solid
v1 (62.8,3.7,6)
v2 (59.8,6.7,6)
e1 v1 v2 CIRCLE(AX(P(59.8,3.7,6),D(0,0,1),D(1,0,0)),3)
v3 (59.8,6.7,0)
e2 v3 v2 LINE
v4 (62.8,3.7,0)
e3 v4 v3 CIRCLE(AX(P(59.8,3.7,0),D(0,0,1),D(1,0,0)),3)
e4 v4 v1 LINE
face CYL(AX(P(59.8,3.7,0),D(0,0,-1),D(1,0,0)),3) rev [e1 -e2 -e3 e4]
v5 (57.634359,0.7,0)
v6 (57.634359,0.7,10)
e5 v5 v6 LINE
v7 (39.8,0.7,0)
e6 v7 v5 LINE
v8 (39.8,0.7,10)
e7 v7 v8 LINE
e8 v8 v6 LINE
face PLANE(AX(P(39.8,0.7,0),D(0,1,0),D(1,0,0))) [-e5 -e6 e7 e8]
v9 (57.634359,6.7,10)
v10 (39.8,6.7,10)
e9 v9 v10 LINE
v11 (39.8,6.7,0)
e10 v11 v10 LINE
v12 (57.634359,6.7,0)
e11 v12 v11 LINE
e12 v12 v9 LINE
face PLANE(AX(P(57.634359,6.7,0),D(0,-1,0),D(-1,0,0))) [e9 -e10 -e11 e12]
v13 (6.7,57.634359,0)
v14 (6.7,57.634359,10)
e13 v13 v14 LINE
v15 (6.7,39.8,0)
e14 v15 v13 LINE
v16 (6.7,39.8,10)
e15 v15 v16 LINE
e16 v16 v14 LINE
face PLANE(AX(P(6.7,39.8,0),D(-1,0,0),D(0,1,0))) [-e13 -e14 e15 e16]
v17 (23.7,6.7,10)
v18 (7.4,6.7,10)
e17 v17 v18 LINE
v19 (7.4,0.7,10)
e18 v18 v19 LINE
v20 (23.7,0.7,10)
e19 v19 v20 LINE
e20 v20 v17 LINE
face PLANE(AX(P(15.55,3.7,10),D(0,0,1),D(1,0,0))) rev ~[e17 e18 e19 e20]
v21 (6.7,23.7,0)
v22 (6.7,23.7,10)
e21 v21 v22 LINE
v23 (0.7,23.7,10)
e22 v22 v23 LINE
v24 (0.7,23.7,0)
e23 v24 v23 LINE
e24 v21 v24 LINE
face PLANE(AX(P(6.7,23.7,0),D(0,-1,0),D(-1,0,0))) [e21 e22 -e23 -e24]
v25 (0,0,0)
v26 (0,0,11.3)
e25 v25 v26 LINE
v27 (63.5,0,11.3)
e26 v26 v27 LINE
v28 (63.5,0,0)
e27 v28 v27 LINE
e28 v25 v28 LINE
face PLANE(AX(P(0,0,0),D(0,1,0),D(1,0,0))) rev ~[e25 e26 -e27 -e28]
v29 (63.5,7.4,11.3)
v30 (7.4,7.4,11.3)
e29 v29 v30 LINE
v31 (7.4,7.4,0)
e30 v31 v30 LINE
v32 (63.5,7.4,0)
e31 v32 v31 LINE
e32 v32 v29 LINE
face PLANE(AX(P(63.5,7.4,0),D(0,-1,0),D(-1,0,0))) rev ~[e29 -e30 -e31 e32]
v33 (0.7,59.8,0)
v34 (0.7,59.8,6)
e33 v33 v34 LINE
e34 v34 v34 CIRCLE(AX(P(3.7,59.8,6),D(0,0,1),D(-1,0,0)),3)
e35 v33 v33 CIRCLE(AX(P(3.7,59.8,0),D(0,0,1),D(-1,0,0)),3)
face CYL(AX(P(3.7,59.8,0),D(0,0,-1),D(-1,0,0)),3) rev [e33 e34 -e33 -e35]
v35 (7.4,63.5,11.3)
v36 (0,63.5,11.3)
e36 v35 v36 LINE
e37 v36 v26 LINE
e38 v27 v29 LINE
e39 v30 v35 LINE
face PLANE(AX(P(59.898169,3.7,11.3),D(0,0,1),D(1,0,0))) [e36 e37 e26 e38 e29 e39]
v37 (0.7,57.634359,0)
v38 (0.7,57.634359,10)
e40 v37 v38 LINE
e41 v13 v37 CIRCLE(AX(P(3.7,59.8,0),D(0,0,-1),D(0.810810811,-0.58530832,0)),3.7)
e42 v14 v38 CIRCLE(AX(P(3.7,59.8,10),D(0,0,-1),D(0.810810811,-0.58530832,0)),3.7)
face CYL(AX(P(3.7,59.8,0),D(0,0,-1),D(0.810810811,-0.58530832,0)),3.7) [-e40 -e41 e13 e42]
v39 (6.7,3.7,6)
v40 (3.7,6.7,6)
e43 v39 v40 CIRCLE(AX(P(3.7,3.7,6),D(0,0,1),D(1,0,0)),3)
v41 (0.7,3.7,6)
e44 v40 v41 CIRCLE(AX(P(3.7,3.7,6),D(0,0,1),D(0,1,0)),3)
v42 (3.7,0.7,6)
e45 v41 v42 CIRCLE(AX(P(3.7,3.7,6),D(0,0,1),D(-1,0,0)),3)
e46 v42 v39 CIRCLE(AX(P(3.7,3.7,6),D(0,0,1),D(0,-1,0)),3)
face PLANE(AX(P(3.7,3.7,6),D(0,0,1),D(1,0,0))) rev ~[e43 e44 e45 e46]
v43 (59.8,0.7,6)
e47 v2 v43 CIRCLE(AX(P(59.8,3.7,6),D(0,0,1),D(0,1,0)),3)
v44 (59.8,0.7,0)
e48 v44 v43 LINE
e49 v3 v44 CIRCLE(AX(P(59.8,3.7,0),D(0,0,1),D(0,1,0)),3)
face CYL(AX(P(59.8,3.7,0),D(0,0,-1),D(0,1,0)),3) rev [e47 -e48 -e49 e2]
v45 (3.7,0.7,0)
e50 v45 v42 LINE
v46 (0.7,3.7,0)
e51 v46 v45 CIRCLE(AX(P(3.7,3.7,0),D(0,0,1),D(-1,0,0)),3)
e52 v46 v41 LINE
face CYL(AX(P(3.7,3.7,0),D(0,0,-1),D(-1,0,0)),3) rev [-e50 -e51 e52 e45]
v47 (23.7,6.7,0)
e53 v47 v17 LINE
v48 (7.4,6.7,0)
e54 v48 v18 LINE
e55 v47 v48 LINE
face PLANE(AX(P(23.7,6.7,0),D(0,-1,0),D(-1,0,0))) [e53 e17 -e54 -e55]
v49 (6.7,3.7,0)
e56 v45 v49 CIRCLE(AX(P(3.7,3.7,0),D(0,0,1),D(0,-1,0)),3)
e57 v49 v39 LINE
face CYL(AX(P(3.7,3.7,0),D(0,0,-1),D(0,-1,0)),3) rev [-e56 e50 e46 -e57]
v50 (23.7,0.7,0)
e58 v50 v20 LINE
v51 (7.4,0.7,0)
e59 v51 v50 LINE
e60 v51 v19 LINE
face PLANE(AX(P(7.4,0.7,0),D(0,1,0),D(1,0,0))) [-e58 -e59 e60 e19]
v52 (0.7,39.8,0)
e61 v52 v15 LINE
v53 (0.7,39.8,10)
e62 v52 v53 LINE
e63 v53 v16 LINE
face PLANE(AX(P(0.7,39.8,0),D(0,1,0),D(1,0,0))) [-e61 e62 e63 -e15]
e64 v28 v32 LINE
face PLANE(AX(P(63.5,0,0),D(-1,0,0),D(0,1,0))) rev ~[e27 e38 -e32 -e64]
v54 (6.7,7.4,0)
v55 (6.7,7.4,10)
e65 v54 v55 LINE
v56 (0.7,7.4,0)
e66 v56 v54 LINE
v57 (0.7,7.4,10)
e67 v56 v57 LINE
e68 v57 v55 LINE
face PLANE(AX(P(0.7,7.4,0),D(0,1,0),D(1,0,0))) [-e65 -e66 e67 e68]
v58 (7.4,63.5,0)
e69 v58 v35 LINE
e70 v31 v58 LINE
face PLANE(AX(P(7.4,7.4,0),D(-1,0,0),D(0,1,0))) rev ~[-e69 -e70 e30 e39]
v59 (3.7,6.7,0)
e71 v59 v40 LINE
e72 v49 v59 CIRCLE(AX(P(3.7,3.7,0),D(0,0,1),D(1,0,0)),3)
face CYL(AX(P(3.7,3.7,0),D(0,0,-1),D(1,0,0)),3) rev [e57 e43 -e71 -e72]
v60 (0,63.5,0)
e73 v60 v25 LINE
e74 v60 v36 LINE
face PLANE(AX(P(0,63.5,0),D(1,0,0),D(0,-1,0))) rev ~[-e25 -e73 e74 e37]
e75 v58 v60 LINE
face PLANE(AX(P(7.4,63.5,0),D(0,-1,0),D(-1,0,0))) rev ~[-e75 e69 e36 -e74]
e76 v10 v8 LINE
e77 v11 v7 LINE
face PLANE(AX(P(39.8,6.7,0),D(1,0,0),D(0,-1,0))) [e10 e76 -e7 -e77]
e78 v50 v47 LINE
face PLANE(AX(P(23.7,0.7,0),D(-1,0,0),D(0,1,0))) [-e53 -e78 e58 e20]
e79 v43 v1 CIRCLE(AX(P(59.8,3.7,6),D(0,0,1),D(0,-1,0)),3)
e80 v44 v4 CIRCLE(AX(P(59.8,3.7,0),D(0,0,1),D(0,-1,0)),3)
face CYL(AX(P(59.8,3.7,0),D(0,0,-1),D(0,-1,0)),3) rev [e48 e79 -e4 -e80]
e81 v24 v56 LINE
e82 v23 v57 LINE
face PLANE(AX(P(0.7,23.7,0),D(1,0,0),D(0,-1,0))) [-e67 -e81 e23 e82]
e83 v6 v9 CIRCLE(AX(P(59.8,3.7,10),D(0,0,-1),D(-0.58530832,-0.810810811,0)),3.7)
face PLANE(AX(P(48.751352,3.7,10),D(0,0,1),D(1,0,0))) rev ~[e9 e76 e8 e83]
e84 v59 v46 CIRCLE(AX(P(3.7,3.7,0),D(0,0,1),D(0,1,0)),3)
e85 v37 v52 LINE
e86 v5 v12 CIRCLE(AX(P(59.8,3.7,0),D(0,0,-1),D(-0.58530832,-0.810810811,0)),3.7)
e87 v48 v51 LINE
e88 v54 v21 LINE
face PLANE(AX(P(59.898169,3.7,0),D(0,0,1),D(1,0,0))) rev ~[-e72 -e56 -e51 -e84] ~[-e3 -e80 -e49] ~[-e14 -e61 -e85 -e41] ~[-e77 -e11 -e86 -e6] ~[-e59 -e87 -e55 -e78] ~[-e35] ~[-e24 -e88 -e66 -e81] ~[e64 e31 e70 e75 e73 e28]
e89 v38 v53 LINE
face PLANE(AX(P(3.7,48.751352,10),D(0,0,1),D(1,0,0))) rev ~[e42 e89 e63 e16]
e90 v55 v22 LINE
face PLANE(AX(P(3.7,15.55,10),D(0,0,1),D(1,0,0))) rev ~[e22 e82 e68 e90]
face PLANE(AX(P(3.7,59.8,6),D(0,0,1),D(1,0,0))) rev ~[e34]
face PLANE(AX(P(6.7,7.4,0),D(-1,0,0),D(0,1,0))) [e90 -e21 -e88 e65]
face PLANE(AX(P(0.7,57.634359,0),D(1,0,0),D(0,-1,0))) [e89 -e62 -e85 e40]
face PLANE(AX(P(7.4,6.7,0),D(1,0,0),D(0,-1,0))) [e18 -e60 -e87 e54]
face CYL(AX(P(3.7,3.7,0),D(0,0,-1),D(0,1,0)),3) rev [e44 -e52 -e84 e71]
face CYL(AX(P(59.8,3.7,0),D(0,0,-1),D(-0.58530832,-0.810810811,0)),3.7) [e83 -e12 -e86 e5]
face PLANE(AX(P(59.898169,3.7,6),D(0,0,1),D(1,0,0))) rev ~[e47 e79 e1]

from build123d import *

# Parameters (mm, degrees)
F0_W     = 16.1
F0_H     = 6
F0_W_2   = 6
F0_H_2   = 16.1
F0_W_3   = 0.7
F0_H_3   = 0.7
F1_DEPTH = 11.3
F2_DEPTH = 6
F3_DEPTH = 10


with BuildPart() as f1:
    # F0 (on Top) → F1 (new body)
    with BuildSketch(Plane.XY):
        with BuildLine():
            ThreePointArc((59.8, 6.7), (56.8, 3.7), (59.8, 0.7))
            ThreePointArc((59.8, 0.7), (61.9213203436, 1.5786796564), (62.8, 3.7))
            ThreePointArc((62.8, 3.7), (61.9213203436, 5.8213203436), (59.8, 6.7))
        make_face()
        with BuildLine():
            Line((7.4, 0.7), (7.4, 0))
            Line((7.4, 0), (59.8, 0))
            ThreePointArc((59.8, 0), (58.6620193323, 0.1793466515), (57.6343592172, 0.7))
            Line((57.6343592172, 0.7), (39.8, 0.7))
            Line((39.8, 0.7), (23.7, 0.7))
            Line((23.7, 0.7), (7.4, 0.7))
        make_face()
        with BuildLine():
            Line((3.7, 0.7), (5.8656407828, 0.7))
            ThreePointArc((5.8656407828, 0.7), (6.9941517039, 2.0151959901), (7.4, 3.7))
            ThreePointArc((7.4, 3.7), (7.2206533485, 4.8379806677), (6.7, 5.8656407828))
            Line((6.7, 5.8656407828), (6.7, 3.7))
            ThreePointArc((6.7, 3.7), (5.8213203436, 1.5786796564), (3.7, 0.7))
        make_face()
        with BuildLine():
            Line((0.7, 59.8), (0.7, 57.6343592172))
            ThreePointArc((0.7, 57.6343592172), (3.7, 56.1), (6.7, 57.6343592172))
            Line((6.7, 57.6343592172), (6.7, 59.8))
            ThreePointArc((6.7, 59.8), (3.7, 56.8), (0.7, 59.8))
        make_face()
        Polygon((0.7, 23.7), (0.7, 7.4), (3.7, 7.4), (6.7, 7.4), (6.7, 23.7), align=None)
        with BuildLine():
            Line((39.8, 0.7), (57.6343592172, 0.7))
            ThreePointArc((57.6343592172, 0.7), (56.1, 3.7), (57.6343592172, 6.7))
            Line((57.6343592172, 6.7), (39.8, 6.7))
            Line((39.8, 6.7), (39.8, 0.7))
        make_face()
        with BuildLine():
            ThreePointArc((3.7, 6.7), (5.8213203436, 5.8213203436), (6.7, 3.7))
            Line((6.7, 3.7), (6.7, 5.8656407828))
            ThreePointArc((6.7, 5.8656407828), (6.3162950904, 6.3162950904), (5.8656407828, 6.7))
            Line((5.8656407828, 6.7), (3.7, 6.7))
        make_face()
        with BuildLine():
            Line((6.7, 23.7), (6.7, 7.4))
            Line((6.7, 7.4), (7.4, 7.4))
            Line((7.4, 7.4), (7.4, 59.8))
            ThreePointArc((7.4, 59.8), (7.2206533485, 58.6620193323), (6.7, 57.6343592172))
            Line((6.7, 57.6343592172), (6.7, 39.8))
            Line((6.7, 39.8), (6.7, 23.7))
        make_face()
        with BuildLine():
            ThreePointArc((57.6343592172, 0.7), (58.6620193323, 0.1793466515), (59.8, 0))
            ThreePointArc((59.8, 0), (62.4162950904, 1.0837049096), (63.5, 3.7))
            ThreePointArc((63.5, 3.7), (62.4162950904, 6.3162950904), (59.8, 7.4))
            ThreePointArc((59.8, 7.4), (58.6620193323, 7.2206533485), (57.6343592172, 6.7))
            Line((57.6343592172, 6.7), (59.8, 6.7))
            ThreePointArc((59.8, 6.7), (61.9213203436, 5.8213203436), (62.8, 3.7))
            ThreePointArc((62.8, 3.7), (61.9213203436, 1.5786796564), (59.8, 0.7))
            Line((59.8, 0.7), (57.6343592172, 0.7))
        make_face()
        with BuildLine():
            Line((0, 63.5), (0, 59.8))
            ThreePointArc((0, 59.8), (1.0837049096, 62.4162950904), (3.7, 63.5))
            Line((3.7, 63.5), (0, 63.5))
        make_face()
        with BuildLine():
            ThreePointArc((63.5, 3.7), (62.4162950904, 1.0837049096), (59.8, 0))
            Line((59.8, 0), (63.5, 0))
            Line((63.5, 0), (63.5, 3.7))
        make_face()
        with BuildLine():
            Line((7.4, 63.5), (3.7, 63.5))
            ThreePointArc((3.7, 63.5), (6.3162950904, 62.4162950904), (7.4, 59.8))
            Line((7.4, 59.8), (7.4, 63.5))
        make_face()
        with BuildLine():
            ThreePointArc((59.8, 7.4), (62.4162950904, 6.3162950904), (63.5, 3.7))
            Line((63.5, 3.7), (63.5, 7.4))
            Line((63.5, 7.4), (59.8, 7.4))
        make_face()
        with BuildLine():
            Line((0, 59.8), (0, 7.4))
            Line((0, 7.4), (0.7, 7.4))
            Line((0.7, 7.4), (0.7, 23.7))
            Line((0.7, 23.7), (0.7, 39.8))
            Line((0.7, 39.8), (0.7, 57.6343592172))
            ThreePointArc((0.7, 57.6343592172), (0.1793466515, 58.6620193323), (0, 59.8))
        make_face()
        with BuildLine():
            ThreePointArc((57.6343592172, 6.7), (56.1, 3.7), (57.6343592172, 0.7))
            Line((57.6343592172, 0.7), (59.8, 0.7))
            ThreePointArc((59.8, 0.7), (56.8, 3.7), (59.8, 6.7))
            Line((59.8, 6.7), (57.6343592172, 6.7))
        make_face()
        with BuildLine():
            ThreePointArc((6.7, 57.6343592172), (3.7, 56.1), (0.7, 57.6343592172))
            Line((0.7, 57.6343592172), (0.7, 39.8))
            Line((0.7, 39.8), (6.7, 39.8))
            Line((6.7, 39.8), (6.7, 57.6343592172))
        make_face()
        Polygon((7.4, 3.7), (7.4, 0.7), (23.7, 0.7), (23.7, 6.7), (7.4, 6.7), align=None)
        with BuildLine():
            ThreePointArc((3.7, 7.4), (2.0151959901, 6.9941517039), (0.7, 5.8656407828))
            Line((0.7, 5.8656407828), (0.7, 3.7))
            ThreePointArc((0.7, 3.7), (1.5786796564, 5.8213203436), (3.7, 6.7))
            Line((3.7, 6.7), (5.8656407828, 6.7))
            ThreePointArc((5.8656407828, 6.7), (4.8379806677, 7.2206533485), (3.7, 7.4))
        make_face()
        with Locations((31.75, 3.7)):
            Rectangle(F0_W, F0_H)
        with BuildLine():
            ThreePointArc((6.7, 59.8), (3.7, 62.8), (0.7, 59.8))
            ThreePointArc((0.7, 59.8), (3.7, 56.8), (6.7, 59.8))
        make_face()
        with BuildLine():
            ThreePointArc((0, 3.7000000003), (1.0837049095, 1.0837049097), (3.7, 0))
            ThreePointArc((3.7, 0), (4.8379806677, 0.1793466515), (5.8656407828, 0.7))
            Line((5.8656407828, 0.7), (3.7, 0.7))
            ThreePointArc((3.7, 0.7), (1.5786796564, 1.5786796564), (0.7, 3.7))
            Line((0.7, 3.7), (0.7, 5.8656407828))
            ThreePointArc((0.7, 5.8656407828), (0.1793466516, 4.8379806678), (0, 3.7000000003))
        make_face()
        with BuildLine():
            ThreePointArc((3.7, 63.5), (1.0837049096, 62.4162950904), (0, 59.8))
            ThreePointArc((0, 59.8), (0.1793466515, 58.6620193323), (0.7, 57.6343592172))
            Line((0.7, 57.6343592172), (0.7, 59.8))
            ThreePointArc((0.7, 59.8), (3.7, 62.8), (6.7, 59.8))
            Line((6.7, 59.8), (6.7, 57.6343592172))
            ThreePointArc((6.7, 57.6343592172), (7.2206533485, 58.6620193323), (7.4, 59.8))
            ThreePointArc((7.4, 59.8), (6.3162950904, 62.4162950904), (3.7, 63.5))
        make_face()
        with Locations((3.7, 31.75)):
            Rectangle(F0_W_2, F0_H_2)
        with BuildLine():
            ThreePointArc((0.7, 3.7), (1.5786796564, 1.5786796564), (3.7, 0.7))
            ThreePointArc((3.7, 0.7), (5.8213203436, 1.5786796564), (6.7, 3.7))
            ThreePointArc((6.7, 3.7), (5.8213203436, 5.8213203436), (3.7, 6.7))
            ThreePointArc((3.7, 6.7), (1.5786796564, 5.8213203436), (0.7, 3.7))
        make_face()
        with BuildLine():
            Line((0, 3.7000000003), (0, 0))
            Line((0, 0), (3.7, 0))
            ThreePointArc((3.7, 0), (1.0837049095, 1.0837049097), (0, 3.7000000003))
        make_face()
        with BuildLine():
            ThreePointArc((5.8656407828, 6.7), (6.3162950904, 6.3162950904), (6.7, 5.8656407828))
            Line((6.7, 5.8656407828), (6.7, 6.7))
            Line((6.7, 6.7), (5.8656407828, 6.7))
        make_face()
        with BuildLine():
            Line((7.4, 7.4), (7.4, 6.7))
            Line((7.4, 6.7), (23.7, 6.7))
            Line((23.7, 6.7), (39.8, 6.7))
            Line((39.8, 6.7), (57.6343592172, 6.7))
            ThreePointArc((57.6343592172, 6.7), (58.6620193323, 7.2206533485), (59.8, 7.4))
            Line((59.8, 7.4), (7.4, 7.4))
        make_face()
        with BuildLine():
            ThreePointArc((5.8656407828, 0.7), (4.8379806677, 0.1793466515), (3.7, 0))
            Line((3.7, 0), (7.4, 0))
            Line((7.4, 0), (7.4, 0.7))
            Line((7.4, 0.7), (5.8656407828, 0.7))
        make_face()
        with BuildLine():
            Line((0.7, 7.4), (0.7, 5.8656407828))
            ThreePointArc((0.7, 5.8656407828), (2.0151959901, 6.9941517039), (3.7, 7.4))
            Line((3.7, 7.4), (0.7, 7.4))
        make_face()
        with BuildLine():
            Line((0, 7.4), (0, 3.7000000003))
            ThreePointArc((0, 3.7000000003), (0.1793466516, 4.8379806678), (0.7, 5.8656407828))
            Line((0.7, 5.8656407828), (0.7, 7.4))
            Line((0.7, 7.4), (0, 7.4))
        make_face()
        with BuildLine():
            Line((6.7, 7.4), (3.7, 7.4))
            ThreePointArc((3.7, 7.4), (4.8379806677, 7.2206533485), (5.8656407828, 6.7))
            Line((5.8656407828, 6.7), (6.7, 6.7))
            Line((6.7, 6.7), (6.7, 7.4))
        make_face()
        with BuildLine():
            ThreePointArc((7.4, 3.7), (6.9941517039, 2.0151959901), (5.8656407828, 0.7))
            Line((5.8656407828, 0.7), (7.4, 0.7))
            Line((7.4, 0.7), (7.4, 3.7))
        make_face()
        with BuildLine():
            ThreePointArc((6.7, 5.8656407828), (7.2206533485, 4.8379806677), (7.4, 3.7))
            Line((7.4, 3.7), (7.4, 6.7))
            Line((7.4, 6.7), (6.7, 6.7))
            Line((6.7, 6.7), (6.7, 5.8656407828))
        make_face()
        with Locations((7.05, 7.05)):
            Rectangle(F0_W_3, F0_H_3)
    extrude(amount=F1_DEPTH)

    # F0 (on Top) → F2 (cut)
    with BuildSketch(Plane.XY):
        with BuildLine():
            ThreePointArc((6.7, 59.8), (3.7, 62.8), (0.7, 59.8))
            ThreePointArc((0.7, 59.8), (3.7, 56.8), (6.7, 59.8))
        make_face()
        with BuildLine():
            ThreePointArc((0.7, 3.7), (1.5786796564, 1.5786796564), (3.7, 0.7))
            ThreePointArc((3.7, 0.7), (5.8213203436, 1.5786796564), (6.7, 3.7))
            ThreePointArc((6.7, 3.7), (5.8213203436, 5.8213203436), (3.7, 6.7))
            ThreePointArc((3.7, 6.7), (1.5786796564, 5.8213203436), (0.7, 3.7))
        make_face()
        with BuildLine():
            ThreePointArc((59.8, 6.7), (56.8, 3.7), (59.8, 0.7))
            ThreePointArc((59.8, 0.7), (61.9213203436, 1.5786796564), (62.8, 3.7))
            ThreePointArc((62.8, 3.7), (61.9213203436, 5.8213203436), (59.8, 6.7))
        make_face()
    extrude(amount=F2_DEPTH, mode=Mode.SUBTRACT)

    # F0 (on Top) → F3 (cut)
    with BuildSketch(Plane.XY):
        with BuildLine():
            ThreePointArc((6.7, 57.6343592172), (3.7, 56.1), (0.7, 57.6343592172))
            Line((0.7, 57.6343592172), (0.7, 39.8))
            Line((0.7, 39.8), (6.7, 39.8))
            Line((6.7, 39.8), (6.7, 57.6343592172))
        make_face()
        Polygon((0.7, 23.7), (0.7, 7.4), (3.7, 7.4), (6.7, 7.4), (6.7, 23.7), align=None)
        with BuildLine():
            Line((39.8, 0.7), (57.6343592172, 0.7))
            ThreePointArc((57.6343592172, 0.7), (56.1, 3.7), (57.6343592172, 6.7))
            Line((57.6343592172, 6.7), (39.8, 6.7))
            Line((39.8, 6.7), (39.8, 0.7))
        make_face()
        Polygon((7.4, 3.7), (7.4, 0.7), (23.7, 0.7), (23.7, 6.7), (7.4, 6.7), align=None)
    extrude(amount=F3_DEPTH, mode=Mode.SUBTRACT)


solid = f1.part
